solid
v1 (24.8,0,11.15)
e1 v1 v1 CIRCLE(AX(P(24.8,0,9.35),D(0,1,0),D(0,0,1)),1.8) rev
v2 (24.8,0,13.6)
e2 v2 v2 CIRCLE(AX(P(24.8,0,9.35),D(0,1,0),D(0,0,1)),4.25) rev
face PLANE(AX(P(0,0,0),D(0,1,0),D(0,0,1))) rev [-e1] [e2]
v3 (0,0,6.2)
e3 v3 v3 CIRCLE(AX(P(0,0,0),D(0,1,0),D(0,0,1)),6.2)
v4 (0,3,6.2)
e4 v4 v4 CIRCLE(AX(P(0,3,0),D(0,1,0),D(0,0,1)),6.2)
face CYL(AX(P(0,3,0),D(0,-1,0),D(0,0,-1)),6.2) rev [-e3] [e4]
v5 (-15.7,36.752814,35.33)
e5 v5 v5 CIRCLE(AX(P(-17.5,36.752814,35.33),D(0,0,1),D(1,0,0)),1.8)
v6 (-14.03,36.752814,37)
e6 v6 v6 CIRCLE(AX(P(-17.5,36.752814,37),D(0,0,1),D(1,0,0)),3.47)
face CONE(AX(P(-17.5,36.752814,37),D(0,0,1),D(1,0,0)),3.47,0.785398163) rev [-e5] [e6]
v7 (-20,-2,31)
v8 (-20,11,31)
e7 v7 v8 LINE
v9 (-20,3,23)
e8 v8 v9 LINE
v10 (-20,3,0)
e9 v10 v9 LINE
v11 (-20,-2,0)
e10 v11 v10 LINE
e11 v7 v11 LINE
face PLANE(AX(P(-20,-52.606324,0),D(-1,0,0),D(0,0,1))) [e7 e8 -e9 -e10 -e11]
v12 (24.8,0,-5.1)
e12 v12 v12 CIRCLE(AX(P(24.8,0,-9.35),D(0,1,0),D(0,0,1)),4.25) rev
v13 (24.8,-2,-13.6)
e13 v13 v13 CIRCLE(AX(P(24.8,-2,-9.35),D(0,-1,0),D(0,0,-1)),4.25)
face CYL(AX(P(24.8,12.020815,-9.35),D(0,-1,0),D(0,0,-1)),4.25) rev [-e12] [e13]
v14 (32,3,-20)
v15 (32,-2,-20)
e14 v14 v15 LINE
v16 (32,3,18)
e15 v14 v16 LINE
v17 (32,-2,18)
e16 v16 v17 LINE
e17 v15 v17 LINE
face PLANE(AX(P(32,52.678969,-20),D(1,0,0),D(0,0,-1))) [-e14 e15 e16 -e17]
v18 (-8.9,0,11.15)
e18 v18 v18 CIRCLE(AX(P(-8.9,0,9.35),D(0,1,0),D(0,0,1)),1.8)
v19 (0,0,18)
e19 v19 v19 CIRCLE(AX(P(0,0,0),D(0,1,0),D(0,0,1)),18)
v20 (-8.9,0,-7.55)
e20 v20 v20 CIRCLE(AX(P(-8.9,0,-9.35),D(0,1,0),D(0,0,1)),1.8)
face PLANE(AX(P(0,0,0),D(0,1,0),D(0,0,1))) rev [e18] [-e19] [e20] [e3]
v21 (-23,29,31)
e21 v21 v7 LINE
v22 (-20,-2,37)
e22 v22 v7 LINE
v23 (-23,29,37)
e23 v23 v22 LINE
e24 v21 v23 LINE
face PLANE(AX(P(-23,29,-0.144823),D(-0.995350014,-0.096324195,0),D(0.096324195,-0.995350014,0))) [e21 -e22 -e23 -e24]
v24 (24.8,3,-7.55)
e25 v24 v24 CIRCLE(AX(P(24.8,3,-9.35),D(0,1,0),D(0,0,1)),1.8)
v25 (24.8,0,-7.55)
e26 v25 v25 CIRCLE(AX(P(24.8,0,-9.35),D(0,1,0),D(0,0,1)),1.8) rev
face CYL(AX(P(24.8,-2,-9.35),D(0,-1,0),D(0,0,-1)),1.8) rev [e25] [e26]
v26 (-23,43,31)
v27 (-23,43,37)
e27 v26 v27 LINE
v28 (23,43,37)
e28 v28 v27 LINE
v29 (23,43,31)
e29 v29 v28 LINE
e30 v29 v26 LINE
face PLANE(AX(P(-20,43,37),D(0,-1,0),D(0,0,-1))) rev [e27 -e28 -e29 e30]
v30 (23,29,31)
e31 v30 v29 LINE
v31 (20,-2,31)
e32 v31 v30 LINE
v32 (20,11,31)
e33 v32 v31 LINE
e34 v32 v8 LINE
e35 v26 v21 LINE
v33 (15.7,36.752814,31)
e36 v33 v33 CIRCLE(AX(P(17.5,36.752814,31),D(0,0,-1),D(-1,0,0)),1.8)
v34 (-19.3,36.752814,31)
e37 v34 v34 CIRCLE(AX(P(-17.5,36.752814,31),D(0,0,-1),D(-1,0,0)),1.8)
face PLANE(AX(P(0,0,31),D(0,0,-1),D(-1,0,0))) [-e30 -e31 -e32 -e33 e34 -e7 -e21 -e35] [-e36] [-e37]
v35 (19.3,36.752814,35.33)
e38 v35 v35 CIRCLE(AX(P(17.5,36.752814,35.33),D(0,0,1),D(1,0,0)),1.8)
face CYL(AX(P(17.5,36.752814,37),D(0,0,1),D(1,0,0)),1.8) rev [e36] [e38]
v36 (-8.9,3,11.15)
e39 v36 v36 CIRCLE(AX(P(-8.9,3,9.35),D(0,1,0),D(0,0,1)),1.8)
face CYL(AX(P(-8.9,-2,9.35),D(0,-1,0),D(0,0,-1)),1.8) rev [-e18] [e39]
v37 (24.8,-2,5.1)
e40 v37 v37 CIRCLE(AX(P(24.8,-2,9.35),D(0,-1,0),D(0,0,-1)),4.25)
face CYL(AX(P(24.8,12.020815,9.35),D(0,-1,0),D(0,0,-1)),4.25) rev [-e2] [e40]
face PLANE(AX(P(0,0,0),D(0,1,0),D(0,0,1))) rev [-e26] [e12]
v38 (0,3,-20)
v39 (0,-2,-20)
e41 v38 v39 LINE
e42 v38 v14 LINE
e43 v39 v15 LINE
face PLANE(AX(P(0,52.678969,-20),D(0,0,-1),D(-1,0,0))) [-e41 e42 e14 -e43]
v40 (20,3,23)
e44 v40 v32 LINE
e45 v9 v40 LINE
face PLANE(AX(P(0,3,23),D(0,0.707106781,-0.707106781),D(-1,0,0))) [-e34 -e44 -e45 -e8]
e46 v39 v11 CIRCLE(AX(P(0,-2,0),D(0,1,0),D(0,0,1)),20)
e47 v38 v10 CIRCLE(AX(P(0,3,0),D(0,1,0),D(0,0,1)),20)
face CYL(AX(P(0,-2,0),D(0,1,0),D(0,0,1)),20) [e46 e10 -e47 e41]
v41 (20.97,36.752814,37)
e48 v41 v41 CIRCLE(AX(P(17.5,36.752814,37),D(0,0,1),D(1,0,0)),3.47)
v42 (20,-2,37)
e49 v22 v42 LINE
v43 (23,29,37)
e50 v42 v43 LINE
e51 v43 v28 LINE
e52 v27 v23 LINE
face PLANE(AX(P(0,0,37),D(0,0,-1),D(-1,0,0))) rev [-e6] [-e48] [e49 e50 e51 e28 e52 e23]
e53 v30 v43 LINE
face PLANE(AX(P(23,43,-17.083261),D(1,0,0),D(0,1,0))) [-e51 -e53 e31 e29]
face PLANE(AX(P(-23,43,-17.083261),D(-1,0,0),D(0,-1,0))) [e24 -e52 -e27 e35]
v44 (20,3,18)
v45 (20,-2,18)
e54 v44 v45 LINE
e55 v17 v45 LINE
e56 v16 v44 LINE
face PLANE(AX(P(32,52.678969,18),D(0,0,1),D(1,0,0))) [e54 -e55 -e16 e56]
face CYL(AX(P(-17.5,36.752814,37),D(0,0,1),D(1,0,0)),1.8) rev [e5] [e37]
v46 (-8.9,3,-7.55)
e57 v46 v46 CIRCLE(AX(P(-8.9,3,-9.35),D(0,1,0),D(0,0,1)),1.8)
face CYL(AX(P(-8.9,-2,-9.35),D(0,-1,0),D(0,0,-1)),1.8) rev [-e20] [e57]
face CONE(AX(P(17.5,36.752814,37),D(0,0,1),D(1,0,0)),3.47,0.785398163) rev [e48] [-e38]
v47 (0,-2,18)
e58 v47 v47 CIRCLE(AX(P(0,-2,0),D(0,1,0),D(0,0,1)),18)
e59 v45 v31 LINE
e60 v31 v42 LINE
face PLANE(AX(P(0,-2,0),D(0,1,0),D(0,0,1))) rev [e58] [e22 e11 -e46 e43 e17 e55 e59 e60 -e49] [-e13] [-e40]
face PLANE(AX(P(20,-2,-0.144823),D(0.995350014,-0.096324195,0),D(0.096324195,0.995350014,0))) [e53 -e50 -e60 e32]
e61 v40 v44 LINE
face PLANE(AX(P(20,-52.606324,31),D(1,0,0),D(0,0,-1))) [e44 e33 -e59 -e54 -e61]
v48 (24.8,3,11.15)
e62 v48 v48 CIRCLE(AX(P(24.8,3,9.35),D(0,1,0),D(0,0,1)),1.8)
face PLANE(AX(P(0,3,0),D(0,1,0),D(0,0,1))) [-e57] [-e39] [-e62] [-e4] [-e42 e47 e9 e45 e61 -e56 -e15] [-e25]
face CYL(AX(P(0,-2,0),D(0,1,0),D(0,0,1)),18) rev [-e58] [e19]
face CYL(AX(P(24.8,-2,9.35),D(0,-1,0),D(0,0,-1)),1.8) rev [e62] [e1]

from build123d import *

# Parameters (mm, degrees)
SKETCH1_R                                            = 18
SKETCH1_R_2                                          = 6.2
BOSS_EXTRUDE1_DEPTH                                  = 3
BOSS_EXTRUDE2_START                                  = -5
SKETCH5_R                                            = 20
SKETCH5_R_2                                          = 18
BOSS_EXTRUDE2_DEPTH                                  = 5
BOSS_EXTRUDE3_START                                  = -5
BOSS_EXTRUDE3_DEPTH                                  = 5
SKETCH7_W                                            = 40
SKETCH7_H                                            = 45
BOSS_EXTRUDE4_DEPTH                                  = 6
SKETCH8_W                                            = 46
SKETCH8_H                                            = 14
BOSS_EXTRUDE5_DEPTH                                  = 6
BOSS_EXTRUDE6_DEPTH                                  = 6
CHAMFER1_SIZE                                        = 8
CSK_FOR_M3_HEX_SOCKET_COUNTERSUNK_HEAD_S_D           = 3.6
CSK_FOR_M3_HEX_SOCKET_COUNTERSUNK_HEAD_S_CSINK_D     = 6.94
CSK_FOR_M3_HEX_SOCKET_COUNTERSUNK_HEAD_S_CSINK_ANGLE = 90
BOSS_EXTRUDE7_DEPTH                                  = 5
M3_CLEARANCE_HOLE3_D                                 = 3.6
SKETCH26_R                                           = 4.25
CUT_EXTRUDE3_DEPTH                                   = 2


with BuildPart() as part:
    # Sketch1 → Boss-Extrude1 (new body)
    with BuildSketch(Plane(origin=(0, 0, 0), x_dir=(1, 0, 0), z_dir=(0, 1, 0))):
        with Locations(Location((0, 0, 0), (0, 0, 270))):
            Circle(SKETCH1_R)
        with Locations(Location((0, 0, 0), (0, 0, 270))):
            Circle(SKETCH1_R_2, mode=Mode.SUBTRACT)
    extrude(amount=BOSS_EXTRUDE1_DEPTH)

    # Sketch5 → Boss-Extrude2 (add)
    with BuildSketch(Plane(origin=(0, 3, 0), x_dir=(1, 0, 0), z_dir=(0, 1, 0)).offset(BOSS_EXTRUDE2_START)):
        with Locations(Location((0, 0, 0), (0, 0, 270))):
            Circle(SKETCH5_R)
        with Locations(Location((0, 0, 0), (0, 0, 270))):
            Circle(SKETCH5_R_2, mode=Mode.SUBTRACT)
    extrude(amount=BOSS_EXTRUDE2_DEPTH)

    # Sketch6 → Boss-Extrude3 (add)
    with BuildSketch(Plane(origin=(0, 3, 0), x_dir=(1, 0, 0), z_dir=(0, 1, 0)).offset(BOSS_EXTRUDE3_START)):
        with BuildLine():
            Line((-20, 0), (-20, -31))
            Line((-20, -31), (20, -31))
            Line((20, -31), (20, 0))
            ThreePointArc((20, 0), (0, -20), (-20, 0))
        make_face()
    extrude(amount=BOSS_EXTRUDE3_DEPTH)

    # Sketch7 → Boss-Extrude4 (add)
    with BuildSketch(Plane.XY.offset(31)):
        with Locations((0, 20.5)):
            Rectangle(SKETCH7_W, SKETCH7_H)
    extrude(amount=BOSS_EXTRUDE4_DEPTH)

    # Sketch8 → Boss-Extrude5 (add)
    with BuildSketch(Plane.XY.offset(37)):
        with Locations((0, 36)):
            Rectangle(SKETCH8_W, SKETCH8_H)
    extrude(amount=-BOSS_EXTRUDE5_DEPTH)

    # Sketch9 → Boss-Extrude6 (add)
    with BuildSketch(Plane.XY.offset(37)):
        Polygon((-23, 29), (-20, -2), (-20, 29), align=None)
        Polygon((20, -2), (23, 29), (20, 29), align=None)
    extrude(amount=-BOSS_EXTRUDE6_DEPTH)

    # Chamfer1
    chamfer1_edges = [part.edges().sort_by_distance(p)[0] for p in [
        (0, 3, 31),
    ]]
    chamfer(chamfer1_edges, length=CHAMFER1_SIZE)

    # CSK for M3 Hex Socket Countersunk Head Screw1 (through all)
    with Locations(Plane.XY.offset(37)):
        with Locations((17.5, 36.752814471), (-17.5, 36.752814471)):
            CounterSinkHole(CSK_FOR_M3_HEX_SOCKET_COUNTERSUNK_HEAD_S_D / 2, CSK_FOR_M3_HEX_SOCKET_COUNTERSUNK_HEAD_S_CSINK_D / 2, counter_sink_angle=CSK_FOR_M3_HEX_SOCKET_COUNTERSUNK_HEAD_S_CSINK_ANGLE)

    # Sketch23 → Boss-Extrude7 (add)
    with BuildSketch(Plane.XZ.offset(2)):
        with BuildLine():
            Line((0, -20), (32, -20))
            Line((32, -20), (32, 18))
            Line((32, 18), (20, 18))
            Line((20, 18), (20, 0))
            ThreePointArc((20, 0), (14.142135624, -14.142135624), (0, -20))
        make_face()
    extrude(amount=-BOSS_EXTRUDE7_DEPTH)

    # M3 Clearance Hole3 (through all)
    with Locations(Plane(origin=(0, -2, 0), x_dir=(-1, 0, 0), z_dir=(0, -1, 0))):
        with Locations((-24.8, 9.35), (8.9, 9.35), (8.9, -9.35), (-24.8, -9.35)):
            Hole(M3_CLEARANCE_HOLE3_D / 2)

    # Sketch26 → Cut-Extrude3 (cut)
    with BuildSketch(Plane.XZ.offset(2)):
        with Locations(Location((24.8, 9.35, 0), (0, 0, 270))):
            Circle(SKETCH26_R)
        with Locations(Location((24.8, -9.35, 0), (0, 0, 270))):
            Circle(SKETCH26_R)
    extrude(amount=-CUT_EXTRUDE3_DEPTH, mode=Mode.SUBTRACT)


solid = part.part
